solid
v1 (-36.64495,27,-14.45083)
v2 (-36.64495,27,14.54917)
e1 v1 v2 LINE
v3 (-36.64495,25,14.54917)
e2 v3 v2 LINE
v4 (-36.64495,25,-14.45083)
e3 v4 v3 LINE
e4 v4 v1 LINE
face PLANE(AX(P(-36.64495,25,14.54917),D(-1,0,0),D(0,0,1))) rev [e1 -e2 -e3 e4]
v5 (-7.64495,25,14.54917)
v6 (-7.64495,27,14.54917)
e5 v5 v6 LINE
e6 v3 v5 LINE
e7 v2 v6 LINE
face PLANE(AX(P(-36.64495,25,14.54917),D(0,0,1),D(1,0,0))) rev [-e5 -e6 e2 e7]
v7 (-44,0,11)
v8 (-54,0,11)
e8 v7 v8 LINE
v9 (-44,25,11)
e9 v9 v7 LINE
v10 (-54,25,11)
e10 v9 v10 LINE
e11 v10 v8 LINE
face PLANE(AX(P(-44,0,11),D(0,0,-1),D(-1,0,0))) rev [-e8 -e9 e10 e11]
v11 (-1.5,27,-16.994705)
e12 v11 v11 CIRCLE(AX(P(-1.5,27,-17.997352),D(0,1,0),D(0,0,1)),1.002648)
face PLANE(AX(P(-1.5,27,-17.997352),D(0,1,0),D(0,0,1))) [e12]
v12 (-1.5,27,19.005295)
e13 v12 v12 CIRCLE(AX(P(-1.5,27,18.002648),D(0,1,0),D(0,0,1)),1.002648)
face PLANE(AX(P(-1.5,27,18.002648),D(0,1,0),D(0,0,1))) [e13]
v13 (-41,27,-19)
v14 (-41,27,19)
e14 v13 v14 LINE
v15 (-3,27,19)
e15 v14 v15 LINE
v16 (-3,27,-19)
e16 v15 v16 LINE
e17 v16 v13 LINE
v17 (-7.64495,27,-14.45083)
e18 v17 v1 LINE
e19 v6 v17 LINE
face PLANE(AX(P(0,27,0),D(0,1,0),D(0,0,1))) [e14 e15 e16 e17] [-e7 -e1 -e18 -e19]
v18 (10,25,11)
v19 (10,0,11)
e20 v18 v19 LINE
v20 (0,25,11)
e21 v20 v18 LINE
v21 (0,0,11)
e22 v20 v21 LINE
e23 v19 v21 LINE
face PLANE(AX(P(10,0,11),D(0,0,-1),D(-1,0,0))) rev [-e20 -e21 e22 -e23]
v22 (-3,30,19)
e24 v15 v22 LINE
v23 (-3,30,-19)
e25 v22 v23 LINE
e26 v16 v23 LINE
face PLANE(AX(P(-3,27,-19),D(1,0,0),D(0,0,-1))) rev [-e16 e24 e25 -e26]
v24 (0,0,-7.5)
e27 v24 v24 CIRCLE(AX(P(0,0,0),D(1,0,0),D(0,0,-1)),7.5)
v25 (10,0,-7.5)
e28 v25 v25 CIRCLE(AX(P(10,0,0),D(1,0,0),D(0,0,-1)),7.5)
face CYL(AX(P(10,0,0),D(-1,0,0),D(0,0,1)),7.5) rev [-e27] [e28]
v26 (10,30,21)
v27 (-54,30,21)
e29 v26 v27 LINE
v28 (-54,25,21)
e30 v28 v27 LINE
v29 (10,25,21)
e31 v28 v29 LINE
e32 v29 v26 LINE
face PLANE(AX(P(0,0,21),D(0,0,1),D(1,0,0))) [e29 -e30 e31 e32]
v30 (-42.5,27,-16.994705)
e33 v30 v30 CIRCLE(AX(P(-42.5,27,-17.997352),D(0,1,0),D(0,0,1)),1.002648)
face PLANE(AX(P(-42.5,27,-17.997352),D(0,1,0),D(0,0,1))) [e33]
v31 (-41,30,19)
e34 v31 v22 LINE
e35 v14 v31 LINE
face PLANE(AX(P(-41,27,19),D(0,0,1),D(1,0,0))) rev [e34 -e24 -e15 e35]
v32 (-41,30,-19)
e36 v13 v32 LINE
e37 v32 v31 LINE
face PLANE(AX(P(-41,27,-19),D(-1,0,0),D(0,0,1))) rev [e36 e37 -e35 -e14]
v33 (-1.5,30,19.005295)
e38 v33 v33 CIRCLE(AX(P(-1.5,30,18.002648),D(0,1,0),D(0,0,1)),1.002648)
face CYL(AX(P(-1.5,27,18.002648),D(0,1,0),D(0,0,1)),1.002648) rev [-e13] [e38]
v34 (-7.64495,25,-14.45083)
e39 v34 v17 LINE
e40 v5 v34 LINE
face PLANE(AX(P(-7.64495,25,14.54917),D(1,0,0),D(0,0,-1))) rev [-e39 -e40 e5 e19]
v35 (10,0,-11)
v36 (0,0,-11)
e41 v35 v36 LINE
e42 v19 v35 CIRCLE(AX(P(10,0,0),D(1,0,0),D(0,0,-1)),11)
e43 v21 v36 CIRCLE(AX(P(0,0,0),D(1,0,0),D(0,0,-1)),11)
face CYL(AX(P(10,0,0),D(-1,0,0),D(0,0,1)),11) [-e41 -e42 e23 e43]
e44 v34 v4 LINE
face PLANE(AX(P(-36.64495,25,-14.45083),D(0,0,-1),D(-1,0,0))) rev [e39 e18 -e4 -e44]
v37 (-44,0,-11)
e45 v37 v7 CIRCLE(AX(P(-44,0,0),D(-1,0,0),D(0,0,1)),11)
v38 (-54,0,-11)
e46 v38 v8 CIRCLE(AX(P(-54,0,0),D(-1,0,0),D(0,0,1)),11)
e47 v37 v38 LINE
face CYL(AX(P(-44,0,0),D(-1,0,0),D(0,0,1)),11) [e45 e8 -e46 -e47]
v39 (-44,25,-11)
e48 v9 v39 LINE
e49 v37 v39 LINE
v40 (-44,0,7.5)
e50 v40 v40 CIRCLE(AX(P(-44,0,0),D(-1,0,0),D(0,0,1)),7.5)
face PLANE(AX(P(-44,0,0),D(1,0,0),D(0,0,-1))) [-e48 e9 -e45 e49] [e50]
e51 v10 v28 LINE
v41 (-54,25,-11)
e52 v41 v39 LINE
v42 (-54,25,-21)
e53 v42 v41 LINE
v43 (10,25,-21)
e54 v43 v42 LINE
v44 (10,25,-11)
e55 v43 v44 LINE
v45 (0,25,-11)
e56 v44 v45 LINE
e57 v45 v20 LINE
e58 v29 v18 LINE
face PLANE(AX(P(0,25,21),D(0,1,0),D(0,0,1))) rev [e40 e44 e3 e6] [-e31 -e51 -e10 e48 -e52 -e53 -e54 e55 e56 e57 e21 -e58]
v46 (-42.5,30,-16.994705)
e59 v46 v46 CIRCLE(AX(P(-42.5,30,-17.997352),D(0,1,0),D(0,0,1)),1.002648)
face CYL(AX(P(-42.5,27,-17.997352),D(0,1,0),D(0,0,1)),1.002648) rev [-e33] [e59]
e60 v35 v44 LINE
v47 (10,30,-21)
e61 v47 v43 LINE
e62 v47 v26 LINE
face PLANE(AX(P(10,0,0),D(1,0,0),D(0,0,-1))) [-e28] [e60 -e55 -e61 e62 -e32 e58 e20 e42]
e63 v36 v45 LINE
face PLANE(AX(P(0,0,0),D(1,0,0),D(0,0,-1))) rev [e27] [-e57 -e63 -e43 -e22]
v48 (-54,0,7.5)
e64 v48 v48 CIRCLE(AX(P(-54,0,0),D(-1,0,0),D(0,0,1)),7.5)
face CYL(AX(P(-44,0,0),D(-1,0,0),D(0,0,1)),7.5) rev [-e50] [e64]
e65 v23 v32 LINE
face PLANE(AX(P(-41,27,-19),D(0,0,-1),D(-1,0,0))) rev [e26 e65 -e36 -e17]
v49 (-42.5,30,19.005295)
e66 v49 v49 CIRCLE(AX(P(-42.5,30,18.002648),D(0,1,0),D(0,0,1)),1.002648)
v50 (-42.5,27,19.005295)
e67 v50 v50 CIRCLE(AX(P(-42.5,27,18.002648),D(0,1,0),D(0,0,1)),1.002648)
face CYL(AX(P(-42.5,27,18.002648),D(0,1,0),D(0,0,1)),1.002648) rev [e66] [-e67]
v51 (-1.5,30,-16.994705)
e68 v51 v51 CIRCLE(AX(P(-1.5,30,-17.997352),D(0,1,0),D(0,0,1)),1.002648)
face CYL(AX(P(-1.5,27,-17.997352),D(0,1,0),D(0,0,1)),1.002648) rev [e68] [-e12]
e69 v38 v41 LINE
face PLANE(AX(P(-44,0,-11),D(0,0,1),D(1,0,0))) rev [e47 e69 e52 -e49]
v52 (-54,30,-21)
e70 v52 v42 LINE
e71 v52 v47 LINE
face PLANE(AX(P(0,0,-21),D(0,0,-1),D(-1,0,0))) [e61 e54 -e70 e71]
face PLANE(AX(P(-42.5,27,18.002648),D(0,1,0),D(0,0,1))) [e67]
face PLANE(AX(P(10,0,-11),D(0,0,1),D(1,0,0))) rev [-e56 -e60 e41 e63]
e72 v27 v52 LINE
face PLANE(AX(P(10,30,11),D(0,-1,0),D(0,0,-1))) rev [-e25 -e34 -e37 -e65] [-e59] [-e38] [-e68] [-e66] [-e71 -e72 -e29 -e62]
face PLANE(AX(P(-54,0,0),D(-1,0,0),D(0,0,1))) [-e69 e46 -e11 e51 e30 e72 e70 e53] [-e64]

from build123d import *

# Parameters (mm, degrees)
SKETCH1_R            = 11
SKETCH1_R_2          = 7.5
EXTRUDE_THIN1_DEPTH  = 10
BOSS_EXTRUDE2_DEPTH  = 10
SKETCH6_W            = 10
SKETCH6_H            = 5
BOSS_EXTRUDE3_DEPTH  = 10
SKETCH8_W            = 10
SKETCH8_H            = 5
BOSS_EXTRUDE4_DEPTH  = 10
SKETCH9_W            = 42
SKETCH9_H            = 5
BOSS_EXTRUDE5_DEPTH  = 54
LPATTERN3_COUNT      = 2
LPATTERN3_PITCH      = 54
SKETCH15_R           = 11
BOSS_EXTRUDE6_DEPTH  = 10
SKETCH17_R           = 7.5
CUT_EXTRUDE1_DEPTH   = 10
SKETCH19_W           = 38
SKETCH19_H           = 38
CUT_EXTRUDE3_DEPTH   = 3
SKETCH25_W           = 29
SKETCH25_H           = 29
CUT_EXTRUDE4_DEPTH   = 2
SKETCH26_R           = 1.00264766
CUT_EXTRUDE5_DEPTH   = 3
LPATTERN4_COUNT      = 2
LPATTERN4_PITCH      = 36
LPATTERN4_COUNT_DIR2 = 2
LPATTERN4_PITCH_DIR2 = 41


with BuildPart() as part:
    # Sketch1 → Extrude-Thin1 (new body)
    with BuildSketch(Plane(origin=(0, 0, 0), x_dir=(0, 0, -1), z_dir=(1, 0, 0))):
        Circle(SKETCH1_R)
        Circle(SKETCH1_R_2, mode=Mode.SUBTRACT)
    extrude(amount=EXTRUDE_THIN1_DEPTH)

    # Sketch3 → Boss-Extrude2 (add)
    with BuildSketch(Plane(origin=(0, 0, 0), x_dir=(0, 0, -1), z_dir=(1, 0, 0))):
        with BuildLine():
            Line((-11, 0), (-11, 30))
            Line((-11, 30), (11, 30))
            Line((11, 30), (11, 0))
            ThreePointArc((11, 0), (0, 11), (-11, 0))
        make_face()
    boss_extrude2 = extrude(amount=BOSS_EXTRUDE2_DEPTH)

    # Sketch6 → Boss-Extrude3 (add)
    with BuildSketch(Plane.XY.offset(11)):
        with Locations((5, 27.5)):
            Rectangle(SKETCH6_W, SKETCH6_H)
    extrude(amount=BOSS_EXTRUDE3_DEPTH)

    # Sketch8 → Boss-Extrude4 (add)
    with BuildSketch(Plane(origin=(0, 0, -11), x_dir=(-1, 0, 0), z_dir=(0, 0, -1))):
        with Locations((-5, 27.5)):
            Rectangle(SKETCH8_W, SKETCH8_H)
    extrude(amount=BOSS_EXTRUDE4_DEPTH)

    # Sketch9 → Boss-Extrude5 (add)
    with BuildSketch(Plane.ZY):
        with Locations((0, 27.5)):
            Rectangle(SKETCH9_W, SKETCH9_H)
    extrude(amount=BOSS_EXTRUDE5_DEPTH)

    # LPattern3: Boss-Extrude2 ×2
    with Locations(*[(-i * LPATTERN3_PITCH, 0, 0) for i in range(1, LPATTERN3_COUNT)]):
        add(boss_extrude2)

    # Sketch15 → Boss-Extrude6 (add)
    with BuildSketch(Plane.ZY.offset(54)):
        Circle(SKETCH15_R)
    extrude(amount=-BOSS_EXTRUDE6_DEPTH)

    # Sketch17 → Cut-Extrude1 (cut)
    with BuildSketch(Plane.ZY.offset(54)):
        with Locations(Location((0, 0, 0), (0, 0, 180))):
            Circle(SKETCH17_R)
    extrude(amount=-CUT_EXTRUDE1_DEPTH, mode=Mode.SUBTRACT)

    # Sketch19 → Cut-Extrude3 (cut)
    with BuildSketch(Plane(origin=(0, 30, 0), x_dir=(1, 0, 0), z_dir=(0, 1, 0))):
        with Locations((-22, 0)):
            Rectangle(SKETCH19_W, SKETCH19_H)
    extrude(amount=-CUT_EXTRUDE3_DEPTH, mode=Mode.SUBTRACT)

    # Sketch25 → Cut-Extrude4 (cut)
    with BuildSketch(Plane(origin=(0, 27, 0), x_dir=(1, 0, 0), z_dir=(0, 1, 0))):
        with Locations((-22.144950272, -0.049169749)):
            Rectangle(SKETCH25_W, SKETCH25_H)
    extrude(amount=-CUT_EXTRUDE4_DEPTH, mode=Mode.SUBTRACT)

    # Sketch26 → Cut-Extrude5 (cut)
    with BuildSketch(Plane(origin=(0, 30, 0), x_dir=(1, 0, 0), z_dir=(0, 1, 0))):
        with Locations(Location((-1.5, 17.99735234, 0), (0, 0, 270))):
            Circle(SKETCH26_R)
    cut_extrude5 = extrude(amount=-CUT_EXTRUDE5_DEPTH, mode=Mode.SUBTRACT)

    # LPattern4: Cut-Extrude5 2 × 2
    with Locations(*[(-j * LPATTERN4_PITCH_DIR2, 0, i * LPATTERN4_PITCH) for i in range(LPATTERN4_COUNT) for j in range(LPATTERN4_COUNT_DIR2) if (i, j) != (0, 0)]):
        add(cut_extrude5, mode=Mode.SUBTRACT)


solid = part.part
